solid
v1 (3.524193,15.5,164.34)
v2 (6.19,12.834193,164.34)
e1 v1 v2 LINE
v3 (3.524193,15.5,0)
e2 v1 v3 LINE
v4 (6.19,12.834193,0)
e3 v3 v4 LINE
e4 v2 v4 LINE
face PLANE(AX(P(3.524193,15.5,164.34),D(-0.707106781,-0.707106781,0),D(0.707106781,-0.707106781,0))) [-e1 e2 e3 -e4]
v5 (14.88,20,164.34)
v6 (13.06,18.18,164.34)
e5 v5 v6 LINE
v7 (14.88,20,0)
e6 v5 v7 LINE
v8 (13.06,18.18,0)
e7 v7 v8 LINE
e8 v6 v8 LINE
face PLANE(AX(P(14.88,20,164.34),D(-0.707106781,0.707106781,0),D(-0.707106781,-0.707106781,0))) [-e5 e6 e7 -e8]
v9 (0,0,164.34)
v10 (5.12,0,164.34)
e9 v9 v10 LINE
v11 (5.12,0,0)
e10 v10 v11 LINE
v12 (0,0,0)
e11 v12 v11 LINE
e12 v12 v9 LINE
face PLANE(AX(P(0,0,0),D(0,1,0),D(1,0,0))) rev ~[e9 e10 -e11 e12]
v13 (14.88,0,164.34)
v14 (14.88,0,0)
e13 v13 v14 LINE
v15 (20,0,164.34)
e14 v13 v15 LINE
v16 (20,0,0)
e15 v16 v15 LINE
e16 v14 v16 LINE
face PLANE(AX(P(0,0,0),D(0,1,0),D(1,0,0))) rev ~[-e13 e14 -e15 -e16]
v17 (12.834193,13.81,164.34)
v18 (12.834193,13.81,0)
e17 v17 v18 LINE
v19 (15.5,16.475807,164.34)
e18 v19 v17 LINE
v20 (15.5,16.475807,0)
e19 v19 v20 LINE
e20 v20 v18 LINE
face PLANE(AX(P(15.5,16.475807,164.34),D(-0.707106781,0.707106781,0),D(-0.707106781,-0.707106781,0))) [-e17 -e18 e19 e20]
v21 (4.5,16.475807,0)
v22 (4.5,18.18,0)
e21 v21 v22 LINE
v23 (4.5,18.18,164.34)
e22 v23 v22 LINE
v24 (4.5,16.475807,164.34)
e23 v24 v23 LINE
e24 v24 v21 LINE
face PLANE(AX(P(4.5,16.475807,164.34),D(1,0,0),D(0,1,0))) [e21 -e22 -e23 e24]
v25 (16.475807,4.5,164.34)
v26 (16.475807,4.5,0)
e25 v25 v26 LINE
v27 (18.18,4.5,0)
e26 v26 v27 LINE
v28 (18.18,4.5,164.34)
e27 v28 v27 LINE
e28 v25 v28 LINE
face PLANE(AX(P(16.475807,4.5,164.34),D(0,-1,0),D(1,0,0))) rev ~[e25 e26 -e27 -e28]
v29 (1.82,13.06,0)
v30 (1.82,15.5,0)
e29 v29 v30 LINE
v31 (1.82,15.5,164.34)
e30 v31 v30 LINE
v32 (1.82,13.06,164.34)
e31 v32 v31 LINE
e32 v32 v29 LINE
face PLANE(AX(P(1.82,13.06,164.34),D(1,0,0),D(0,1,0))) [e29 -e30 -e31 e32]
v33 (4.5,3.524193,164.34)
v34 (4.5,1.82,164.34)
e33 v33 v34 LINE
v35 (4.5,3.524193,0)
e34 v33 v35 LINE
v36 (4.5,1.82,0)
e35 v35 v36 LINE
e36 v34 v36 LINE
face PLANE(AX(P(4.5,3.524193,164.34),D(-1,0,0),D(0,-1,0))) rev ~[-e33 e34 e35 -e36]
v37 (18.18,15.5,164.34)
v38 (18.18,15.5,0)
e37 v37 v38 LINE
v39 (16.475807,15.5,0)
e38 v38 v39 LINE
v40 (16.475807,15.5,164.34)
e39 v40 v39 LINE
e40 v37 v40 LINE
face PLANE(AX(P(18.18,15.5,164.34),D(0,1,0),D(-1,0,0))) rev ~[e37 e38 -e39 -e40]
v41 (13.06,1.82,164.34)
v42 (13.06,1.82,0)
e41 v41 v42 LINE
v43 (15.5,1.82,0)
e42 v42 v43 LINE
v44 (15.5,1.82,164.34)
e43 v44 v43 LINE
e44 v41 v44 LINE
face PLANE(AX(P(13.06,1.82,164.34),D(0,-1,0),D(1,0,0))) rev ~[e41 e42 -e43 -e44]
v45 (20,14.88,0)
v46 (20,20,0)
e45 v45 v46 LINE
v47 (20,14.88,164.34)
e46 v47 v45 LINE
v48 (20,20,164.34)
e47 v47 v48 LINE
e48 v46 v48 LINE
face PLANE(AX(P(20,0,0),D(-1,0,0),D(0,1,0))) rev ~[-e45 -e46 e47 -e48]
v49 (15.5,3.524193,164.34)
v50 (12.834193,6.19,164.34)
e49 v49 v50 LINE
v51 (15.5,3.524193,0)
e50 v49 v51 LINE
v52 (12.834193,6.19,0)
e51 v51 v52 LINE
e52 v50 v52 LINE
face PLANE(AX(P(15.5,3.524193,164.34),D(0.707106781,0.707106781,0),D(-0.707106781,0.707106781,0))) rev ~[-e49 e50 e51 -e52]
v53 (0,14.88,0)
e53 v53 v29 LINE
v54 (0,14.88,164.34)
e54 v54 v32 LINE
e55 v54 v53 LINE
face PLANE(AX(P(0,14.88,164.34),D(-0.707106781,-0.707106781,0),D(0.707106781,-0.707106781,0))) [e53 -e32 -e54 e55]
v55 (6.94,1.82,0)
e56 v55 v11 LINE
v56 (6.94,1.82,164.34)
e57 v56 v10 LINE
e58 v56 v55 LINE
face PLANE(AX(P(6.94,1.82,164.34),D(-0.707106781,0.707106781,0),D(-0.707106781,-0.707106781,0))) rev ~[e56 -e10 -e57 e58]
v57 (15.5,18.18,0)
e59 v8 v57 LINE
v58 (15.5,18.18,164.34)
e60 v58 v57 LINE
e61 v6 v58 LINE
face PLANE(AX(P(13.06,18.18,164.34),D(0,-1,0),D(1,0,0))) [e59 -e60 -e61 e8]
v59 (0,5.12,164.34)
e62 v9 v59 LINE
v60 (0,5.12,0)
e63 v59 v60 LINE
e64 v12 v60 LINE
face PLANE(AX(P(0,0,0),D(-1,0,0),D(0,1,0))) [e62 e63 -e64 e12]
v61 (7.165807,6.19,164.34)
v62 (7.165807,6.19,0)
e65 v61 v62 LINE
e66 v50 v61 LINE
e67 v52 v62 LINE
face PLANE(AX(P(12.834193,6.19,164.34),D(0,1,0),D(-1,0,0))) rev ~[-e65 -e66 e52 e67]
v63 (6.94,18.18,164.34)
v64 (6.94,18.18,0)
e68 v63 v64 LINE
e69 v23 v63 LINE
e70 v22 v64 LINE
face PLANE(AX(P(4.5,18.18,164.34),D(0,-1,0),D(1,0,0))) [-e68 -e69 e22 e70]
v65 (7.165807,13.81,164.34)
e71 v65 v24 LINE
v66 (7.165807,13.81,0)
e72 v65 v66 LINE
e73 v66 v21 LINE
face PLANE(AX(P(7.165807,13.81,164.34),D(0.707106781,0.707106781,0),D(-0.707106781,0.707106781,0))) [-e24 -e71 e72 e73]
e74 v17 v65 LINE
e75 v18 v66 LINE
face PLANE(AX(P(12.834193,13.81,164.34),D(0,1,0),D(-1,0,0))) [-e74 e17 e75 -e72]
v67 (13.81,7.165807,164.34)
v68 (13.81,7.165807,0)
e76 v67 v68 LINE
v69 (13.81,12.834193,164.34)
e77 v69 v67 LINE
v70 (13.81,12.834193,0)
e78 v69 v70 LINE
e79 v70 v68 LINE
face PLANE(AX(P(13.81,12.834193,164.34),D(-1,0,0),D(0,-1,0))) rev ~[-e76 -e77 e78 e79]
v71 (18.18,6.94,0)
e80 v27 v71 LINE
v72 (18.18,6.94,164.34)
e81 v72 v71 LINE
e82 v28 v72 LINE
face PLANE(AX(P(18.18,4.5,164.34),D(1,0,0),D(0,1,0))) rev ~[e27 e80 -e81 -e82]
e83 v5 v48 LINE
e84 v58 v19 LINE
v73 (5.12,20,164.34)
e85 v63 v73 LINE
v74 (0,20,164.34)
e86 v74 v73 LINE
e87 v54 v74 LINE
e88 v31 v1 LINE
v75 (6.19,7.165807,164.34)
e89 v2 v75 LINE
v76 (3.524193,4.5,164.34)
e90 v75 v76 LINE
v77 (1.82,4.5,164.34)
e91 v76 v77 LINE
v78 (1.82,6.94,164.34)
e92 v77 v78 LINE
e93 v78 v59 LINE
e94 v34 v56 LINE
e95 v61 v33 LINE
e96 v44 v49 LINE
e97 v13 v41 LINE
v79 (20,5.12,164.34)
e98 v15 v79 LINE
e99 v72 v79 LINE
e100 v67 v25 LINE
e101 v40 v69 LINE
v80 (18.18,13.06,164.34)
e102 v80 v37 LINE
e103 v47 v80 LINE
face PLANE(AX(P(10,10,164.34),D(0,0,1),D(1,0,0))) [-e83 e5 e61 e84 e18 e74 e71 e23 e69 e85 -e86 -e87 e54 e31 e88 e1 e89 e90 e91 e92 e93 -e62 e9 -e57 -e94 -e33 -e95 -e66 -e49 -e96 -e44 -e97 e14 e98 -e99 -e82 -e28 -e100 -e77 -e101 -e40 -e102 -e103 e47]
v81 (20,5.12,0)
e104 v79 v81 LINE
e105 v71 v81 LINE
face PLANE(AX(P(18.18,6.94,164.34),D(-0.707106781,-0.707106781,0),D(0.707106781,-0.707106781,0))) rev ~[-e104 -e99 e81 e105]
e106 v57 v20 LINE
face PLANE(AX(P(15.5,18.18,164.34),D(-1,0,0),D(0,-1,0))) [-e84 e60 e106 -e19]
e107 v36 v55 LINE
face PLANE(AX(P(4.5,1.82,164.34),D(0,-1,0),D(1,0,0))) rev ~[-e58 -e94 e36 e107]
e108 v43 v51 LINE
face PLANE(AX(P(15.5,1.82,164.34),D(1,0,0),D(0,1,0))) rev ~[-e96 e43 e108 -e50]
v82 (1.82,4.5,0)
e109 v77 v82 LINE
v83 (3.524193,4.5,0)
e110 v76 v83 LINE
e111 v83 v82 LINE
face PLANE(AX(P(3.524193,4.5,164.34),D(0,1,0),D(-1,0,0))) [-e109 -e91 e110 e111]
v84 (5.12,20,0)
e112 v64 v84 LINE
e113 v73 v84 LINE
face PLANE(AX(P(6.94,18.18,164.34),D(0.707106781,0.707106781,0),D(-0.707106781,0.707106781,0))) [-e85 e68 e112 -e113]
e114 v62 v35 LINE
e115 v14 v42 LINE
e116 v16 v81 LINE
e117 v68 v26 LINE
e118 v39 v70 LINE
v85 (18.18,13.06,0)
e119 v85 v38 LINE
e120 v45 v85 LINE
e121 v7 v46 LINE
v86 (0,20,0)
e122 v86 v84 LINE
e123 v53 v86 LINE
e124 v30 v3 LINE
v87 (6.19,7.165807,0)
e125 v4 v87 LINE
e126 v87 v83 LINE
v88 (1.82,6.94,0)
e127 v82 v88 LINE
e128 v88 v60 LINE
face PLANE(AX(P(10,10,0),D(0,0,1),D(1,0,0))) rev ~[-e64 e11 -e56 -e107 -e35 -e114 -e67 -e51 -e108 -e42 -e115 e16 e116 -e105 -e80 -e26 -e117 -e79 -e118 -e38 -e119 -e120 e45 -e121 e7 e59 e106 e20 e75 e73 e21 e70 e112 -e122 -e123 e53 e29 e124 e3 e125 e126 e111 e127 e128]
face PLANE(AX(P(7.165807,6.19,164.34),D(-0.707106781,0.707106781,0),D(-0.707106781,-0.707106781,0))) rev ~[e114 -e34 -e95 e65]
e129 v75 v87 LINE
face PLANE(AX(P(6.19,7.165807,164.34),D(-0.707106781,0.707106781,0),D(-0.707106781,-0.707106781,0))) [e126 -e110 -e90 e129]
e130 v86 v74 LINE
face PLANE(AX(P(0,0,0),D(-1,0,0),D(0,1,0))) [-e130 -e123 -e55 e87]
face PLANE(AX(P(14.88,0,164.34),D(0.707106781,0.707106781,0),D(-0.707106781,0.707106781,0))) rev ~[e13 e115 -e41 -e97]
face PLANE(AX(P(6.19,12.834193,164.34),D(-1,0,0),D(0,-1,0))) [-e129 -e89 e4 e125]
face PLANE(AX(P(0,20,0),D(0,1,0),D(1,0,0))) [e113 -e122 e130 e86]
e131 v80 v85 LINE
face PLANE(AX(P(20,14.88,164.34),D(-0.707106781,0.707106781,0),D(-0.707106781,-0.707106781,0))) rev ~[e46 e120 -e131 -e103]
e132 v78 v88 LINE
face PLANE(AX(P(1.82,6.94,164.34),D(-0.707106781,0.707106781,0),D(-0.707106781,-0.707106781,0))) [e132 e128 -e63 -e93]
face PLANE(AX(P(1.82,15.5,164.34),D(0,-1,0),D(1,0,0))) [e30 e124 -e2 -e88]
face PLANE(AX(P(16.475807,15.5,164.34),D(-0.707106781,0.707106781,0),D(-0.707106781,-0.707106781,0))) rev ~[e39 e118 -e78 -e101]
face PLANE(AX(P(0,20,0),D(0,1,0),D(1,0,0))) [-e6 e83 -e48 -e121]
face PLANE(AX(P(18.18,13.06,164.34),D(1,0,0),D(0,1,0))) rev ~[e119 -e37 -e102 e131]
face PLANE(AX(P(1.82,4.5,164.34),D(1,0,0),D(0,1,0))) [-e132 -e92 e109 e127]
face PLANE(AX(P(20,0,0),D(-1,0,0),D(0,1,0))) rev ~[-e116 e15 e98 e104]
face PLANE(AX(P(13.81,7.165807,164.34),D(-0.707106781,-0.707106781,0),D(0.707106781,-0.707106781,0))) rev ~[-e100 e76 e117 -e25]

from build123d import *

# Parameters (mm, degrees)
SKETCH1_W           = 20
SKETCH1_H           = 20
BOSS_EXTRUDE1_DEPTH = 164.34
CUT_EXTRUDE1_DEPTH  = 165.34


with BuildPart() as part:
    # Sketch1 → Boss-Extrude1 (new body)
    with BuildSketch(Plane.XY):
        with Locations((10, 10)):
            Rectangle(SKETCH1_W, SKETCH1_H)
    extrude(amount=BOSS_EXTRUDE1_DEPTH)

    # Sketch2 → Cut-Extrude1 (cut, through all)
    with BuildSketch(Plane.XY.offset(164.34)):
        Polygon((4.5, 18.18), (6.94, 18.18), (5.12, 20), (14.88, 20), (13.06, 18.18), (15.5, 18.18), (15.5, 16.475807358), (12.834192642, 13.81), (7.165807358, 13.81), (4.5, 16.475807358), align=None)
        Polygon((14.88, 0), (13.06, 1.82), (15.5, 1.82), (15.5, 3.524192642), (12.834192642, 6.19), (7.165807358, 6.19), (4.5, 3.524192642), (4.5, 1.82), (6.94, 1.82), (5.12, 0), align=None)
        Polygon((1.82, 4.5), (1.82, 6.94), (0, 5.12), (0, 14.88), (1.82, 13.06), (1.82, 15.5), (3.524192642, 15.5), (6.19, 12.834192642), (6.19, 7.165807358), (3.524192642, 4.5), align=None)
        Polygon((20, 14.88), (18.18, 13.06), (18.18, 15.5), (16.475807358, 15.5), (13.81, 12.834192642), (13.81, 7.165807358), (16.475807358, 4.5), (18.18, 4.5), (18.18, 6.94), (20, 5.12), align=None)
    extrude(amount=-CUT_EXTRUDE1_DEPTH, mode=Mode.SUBTRACT)


solid = part.part
